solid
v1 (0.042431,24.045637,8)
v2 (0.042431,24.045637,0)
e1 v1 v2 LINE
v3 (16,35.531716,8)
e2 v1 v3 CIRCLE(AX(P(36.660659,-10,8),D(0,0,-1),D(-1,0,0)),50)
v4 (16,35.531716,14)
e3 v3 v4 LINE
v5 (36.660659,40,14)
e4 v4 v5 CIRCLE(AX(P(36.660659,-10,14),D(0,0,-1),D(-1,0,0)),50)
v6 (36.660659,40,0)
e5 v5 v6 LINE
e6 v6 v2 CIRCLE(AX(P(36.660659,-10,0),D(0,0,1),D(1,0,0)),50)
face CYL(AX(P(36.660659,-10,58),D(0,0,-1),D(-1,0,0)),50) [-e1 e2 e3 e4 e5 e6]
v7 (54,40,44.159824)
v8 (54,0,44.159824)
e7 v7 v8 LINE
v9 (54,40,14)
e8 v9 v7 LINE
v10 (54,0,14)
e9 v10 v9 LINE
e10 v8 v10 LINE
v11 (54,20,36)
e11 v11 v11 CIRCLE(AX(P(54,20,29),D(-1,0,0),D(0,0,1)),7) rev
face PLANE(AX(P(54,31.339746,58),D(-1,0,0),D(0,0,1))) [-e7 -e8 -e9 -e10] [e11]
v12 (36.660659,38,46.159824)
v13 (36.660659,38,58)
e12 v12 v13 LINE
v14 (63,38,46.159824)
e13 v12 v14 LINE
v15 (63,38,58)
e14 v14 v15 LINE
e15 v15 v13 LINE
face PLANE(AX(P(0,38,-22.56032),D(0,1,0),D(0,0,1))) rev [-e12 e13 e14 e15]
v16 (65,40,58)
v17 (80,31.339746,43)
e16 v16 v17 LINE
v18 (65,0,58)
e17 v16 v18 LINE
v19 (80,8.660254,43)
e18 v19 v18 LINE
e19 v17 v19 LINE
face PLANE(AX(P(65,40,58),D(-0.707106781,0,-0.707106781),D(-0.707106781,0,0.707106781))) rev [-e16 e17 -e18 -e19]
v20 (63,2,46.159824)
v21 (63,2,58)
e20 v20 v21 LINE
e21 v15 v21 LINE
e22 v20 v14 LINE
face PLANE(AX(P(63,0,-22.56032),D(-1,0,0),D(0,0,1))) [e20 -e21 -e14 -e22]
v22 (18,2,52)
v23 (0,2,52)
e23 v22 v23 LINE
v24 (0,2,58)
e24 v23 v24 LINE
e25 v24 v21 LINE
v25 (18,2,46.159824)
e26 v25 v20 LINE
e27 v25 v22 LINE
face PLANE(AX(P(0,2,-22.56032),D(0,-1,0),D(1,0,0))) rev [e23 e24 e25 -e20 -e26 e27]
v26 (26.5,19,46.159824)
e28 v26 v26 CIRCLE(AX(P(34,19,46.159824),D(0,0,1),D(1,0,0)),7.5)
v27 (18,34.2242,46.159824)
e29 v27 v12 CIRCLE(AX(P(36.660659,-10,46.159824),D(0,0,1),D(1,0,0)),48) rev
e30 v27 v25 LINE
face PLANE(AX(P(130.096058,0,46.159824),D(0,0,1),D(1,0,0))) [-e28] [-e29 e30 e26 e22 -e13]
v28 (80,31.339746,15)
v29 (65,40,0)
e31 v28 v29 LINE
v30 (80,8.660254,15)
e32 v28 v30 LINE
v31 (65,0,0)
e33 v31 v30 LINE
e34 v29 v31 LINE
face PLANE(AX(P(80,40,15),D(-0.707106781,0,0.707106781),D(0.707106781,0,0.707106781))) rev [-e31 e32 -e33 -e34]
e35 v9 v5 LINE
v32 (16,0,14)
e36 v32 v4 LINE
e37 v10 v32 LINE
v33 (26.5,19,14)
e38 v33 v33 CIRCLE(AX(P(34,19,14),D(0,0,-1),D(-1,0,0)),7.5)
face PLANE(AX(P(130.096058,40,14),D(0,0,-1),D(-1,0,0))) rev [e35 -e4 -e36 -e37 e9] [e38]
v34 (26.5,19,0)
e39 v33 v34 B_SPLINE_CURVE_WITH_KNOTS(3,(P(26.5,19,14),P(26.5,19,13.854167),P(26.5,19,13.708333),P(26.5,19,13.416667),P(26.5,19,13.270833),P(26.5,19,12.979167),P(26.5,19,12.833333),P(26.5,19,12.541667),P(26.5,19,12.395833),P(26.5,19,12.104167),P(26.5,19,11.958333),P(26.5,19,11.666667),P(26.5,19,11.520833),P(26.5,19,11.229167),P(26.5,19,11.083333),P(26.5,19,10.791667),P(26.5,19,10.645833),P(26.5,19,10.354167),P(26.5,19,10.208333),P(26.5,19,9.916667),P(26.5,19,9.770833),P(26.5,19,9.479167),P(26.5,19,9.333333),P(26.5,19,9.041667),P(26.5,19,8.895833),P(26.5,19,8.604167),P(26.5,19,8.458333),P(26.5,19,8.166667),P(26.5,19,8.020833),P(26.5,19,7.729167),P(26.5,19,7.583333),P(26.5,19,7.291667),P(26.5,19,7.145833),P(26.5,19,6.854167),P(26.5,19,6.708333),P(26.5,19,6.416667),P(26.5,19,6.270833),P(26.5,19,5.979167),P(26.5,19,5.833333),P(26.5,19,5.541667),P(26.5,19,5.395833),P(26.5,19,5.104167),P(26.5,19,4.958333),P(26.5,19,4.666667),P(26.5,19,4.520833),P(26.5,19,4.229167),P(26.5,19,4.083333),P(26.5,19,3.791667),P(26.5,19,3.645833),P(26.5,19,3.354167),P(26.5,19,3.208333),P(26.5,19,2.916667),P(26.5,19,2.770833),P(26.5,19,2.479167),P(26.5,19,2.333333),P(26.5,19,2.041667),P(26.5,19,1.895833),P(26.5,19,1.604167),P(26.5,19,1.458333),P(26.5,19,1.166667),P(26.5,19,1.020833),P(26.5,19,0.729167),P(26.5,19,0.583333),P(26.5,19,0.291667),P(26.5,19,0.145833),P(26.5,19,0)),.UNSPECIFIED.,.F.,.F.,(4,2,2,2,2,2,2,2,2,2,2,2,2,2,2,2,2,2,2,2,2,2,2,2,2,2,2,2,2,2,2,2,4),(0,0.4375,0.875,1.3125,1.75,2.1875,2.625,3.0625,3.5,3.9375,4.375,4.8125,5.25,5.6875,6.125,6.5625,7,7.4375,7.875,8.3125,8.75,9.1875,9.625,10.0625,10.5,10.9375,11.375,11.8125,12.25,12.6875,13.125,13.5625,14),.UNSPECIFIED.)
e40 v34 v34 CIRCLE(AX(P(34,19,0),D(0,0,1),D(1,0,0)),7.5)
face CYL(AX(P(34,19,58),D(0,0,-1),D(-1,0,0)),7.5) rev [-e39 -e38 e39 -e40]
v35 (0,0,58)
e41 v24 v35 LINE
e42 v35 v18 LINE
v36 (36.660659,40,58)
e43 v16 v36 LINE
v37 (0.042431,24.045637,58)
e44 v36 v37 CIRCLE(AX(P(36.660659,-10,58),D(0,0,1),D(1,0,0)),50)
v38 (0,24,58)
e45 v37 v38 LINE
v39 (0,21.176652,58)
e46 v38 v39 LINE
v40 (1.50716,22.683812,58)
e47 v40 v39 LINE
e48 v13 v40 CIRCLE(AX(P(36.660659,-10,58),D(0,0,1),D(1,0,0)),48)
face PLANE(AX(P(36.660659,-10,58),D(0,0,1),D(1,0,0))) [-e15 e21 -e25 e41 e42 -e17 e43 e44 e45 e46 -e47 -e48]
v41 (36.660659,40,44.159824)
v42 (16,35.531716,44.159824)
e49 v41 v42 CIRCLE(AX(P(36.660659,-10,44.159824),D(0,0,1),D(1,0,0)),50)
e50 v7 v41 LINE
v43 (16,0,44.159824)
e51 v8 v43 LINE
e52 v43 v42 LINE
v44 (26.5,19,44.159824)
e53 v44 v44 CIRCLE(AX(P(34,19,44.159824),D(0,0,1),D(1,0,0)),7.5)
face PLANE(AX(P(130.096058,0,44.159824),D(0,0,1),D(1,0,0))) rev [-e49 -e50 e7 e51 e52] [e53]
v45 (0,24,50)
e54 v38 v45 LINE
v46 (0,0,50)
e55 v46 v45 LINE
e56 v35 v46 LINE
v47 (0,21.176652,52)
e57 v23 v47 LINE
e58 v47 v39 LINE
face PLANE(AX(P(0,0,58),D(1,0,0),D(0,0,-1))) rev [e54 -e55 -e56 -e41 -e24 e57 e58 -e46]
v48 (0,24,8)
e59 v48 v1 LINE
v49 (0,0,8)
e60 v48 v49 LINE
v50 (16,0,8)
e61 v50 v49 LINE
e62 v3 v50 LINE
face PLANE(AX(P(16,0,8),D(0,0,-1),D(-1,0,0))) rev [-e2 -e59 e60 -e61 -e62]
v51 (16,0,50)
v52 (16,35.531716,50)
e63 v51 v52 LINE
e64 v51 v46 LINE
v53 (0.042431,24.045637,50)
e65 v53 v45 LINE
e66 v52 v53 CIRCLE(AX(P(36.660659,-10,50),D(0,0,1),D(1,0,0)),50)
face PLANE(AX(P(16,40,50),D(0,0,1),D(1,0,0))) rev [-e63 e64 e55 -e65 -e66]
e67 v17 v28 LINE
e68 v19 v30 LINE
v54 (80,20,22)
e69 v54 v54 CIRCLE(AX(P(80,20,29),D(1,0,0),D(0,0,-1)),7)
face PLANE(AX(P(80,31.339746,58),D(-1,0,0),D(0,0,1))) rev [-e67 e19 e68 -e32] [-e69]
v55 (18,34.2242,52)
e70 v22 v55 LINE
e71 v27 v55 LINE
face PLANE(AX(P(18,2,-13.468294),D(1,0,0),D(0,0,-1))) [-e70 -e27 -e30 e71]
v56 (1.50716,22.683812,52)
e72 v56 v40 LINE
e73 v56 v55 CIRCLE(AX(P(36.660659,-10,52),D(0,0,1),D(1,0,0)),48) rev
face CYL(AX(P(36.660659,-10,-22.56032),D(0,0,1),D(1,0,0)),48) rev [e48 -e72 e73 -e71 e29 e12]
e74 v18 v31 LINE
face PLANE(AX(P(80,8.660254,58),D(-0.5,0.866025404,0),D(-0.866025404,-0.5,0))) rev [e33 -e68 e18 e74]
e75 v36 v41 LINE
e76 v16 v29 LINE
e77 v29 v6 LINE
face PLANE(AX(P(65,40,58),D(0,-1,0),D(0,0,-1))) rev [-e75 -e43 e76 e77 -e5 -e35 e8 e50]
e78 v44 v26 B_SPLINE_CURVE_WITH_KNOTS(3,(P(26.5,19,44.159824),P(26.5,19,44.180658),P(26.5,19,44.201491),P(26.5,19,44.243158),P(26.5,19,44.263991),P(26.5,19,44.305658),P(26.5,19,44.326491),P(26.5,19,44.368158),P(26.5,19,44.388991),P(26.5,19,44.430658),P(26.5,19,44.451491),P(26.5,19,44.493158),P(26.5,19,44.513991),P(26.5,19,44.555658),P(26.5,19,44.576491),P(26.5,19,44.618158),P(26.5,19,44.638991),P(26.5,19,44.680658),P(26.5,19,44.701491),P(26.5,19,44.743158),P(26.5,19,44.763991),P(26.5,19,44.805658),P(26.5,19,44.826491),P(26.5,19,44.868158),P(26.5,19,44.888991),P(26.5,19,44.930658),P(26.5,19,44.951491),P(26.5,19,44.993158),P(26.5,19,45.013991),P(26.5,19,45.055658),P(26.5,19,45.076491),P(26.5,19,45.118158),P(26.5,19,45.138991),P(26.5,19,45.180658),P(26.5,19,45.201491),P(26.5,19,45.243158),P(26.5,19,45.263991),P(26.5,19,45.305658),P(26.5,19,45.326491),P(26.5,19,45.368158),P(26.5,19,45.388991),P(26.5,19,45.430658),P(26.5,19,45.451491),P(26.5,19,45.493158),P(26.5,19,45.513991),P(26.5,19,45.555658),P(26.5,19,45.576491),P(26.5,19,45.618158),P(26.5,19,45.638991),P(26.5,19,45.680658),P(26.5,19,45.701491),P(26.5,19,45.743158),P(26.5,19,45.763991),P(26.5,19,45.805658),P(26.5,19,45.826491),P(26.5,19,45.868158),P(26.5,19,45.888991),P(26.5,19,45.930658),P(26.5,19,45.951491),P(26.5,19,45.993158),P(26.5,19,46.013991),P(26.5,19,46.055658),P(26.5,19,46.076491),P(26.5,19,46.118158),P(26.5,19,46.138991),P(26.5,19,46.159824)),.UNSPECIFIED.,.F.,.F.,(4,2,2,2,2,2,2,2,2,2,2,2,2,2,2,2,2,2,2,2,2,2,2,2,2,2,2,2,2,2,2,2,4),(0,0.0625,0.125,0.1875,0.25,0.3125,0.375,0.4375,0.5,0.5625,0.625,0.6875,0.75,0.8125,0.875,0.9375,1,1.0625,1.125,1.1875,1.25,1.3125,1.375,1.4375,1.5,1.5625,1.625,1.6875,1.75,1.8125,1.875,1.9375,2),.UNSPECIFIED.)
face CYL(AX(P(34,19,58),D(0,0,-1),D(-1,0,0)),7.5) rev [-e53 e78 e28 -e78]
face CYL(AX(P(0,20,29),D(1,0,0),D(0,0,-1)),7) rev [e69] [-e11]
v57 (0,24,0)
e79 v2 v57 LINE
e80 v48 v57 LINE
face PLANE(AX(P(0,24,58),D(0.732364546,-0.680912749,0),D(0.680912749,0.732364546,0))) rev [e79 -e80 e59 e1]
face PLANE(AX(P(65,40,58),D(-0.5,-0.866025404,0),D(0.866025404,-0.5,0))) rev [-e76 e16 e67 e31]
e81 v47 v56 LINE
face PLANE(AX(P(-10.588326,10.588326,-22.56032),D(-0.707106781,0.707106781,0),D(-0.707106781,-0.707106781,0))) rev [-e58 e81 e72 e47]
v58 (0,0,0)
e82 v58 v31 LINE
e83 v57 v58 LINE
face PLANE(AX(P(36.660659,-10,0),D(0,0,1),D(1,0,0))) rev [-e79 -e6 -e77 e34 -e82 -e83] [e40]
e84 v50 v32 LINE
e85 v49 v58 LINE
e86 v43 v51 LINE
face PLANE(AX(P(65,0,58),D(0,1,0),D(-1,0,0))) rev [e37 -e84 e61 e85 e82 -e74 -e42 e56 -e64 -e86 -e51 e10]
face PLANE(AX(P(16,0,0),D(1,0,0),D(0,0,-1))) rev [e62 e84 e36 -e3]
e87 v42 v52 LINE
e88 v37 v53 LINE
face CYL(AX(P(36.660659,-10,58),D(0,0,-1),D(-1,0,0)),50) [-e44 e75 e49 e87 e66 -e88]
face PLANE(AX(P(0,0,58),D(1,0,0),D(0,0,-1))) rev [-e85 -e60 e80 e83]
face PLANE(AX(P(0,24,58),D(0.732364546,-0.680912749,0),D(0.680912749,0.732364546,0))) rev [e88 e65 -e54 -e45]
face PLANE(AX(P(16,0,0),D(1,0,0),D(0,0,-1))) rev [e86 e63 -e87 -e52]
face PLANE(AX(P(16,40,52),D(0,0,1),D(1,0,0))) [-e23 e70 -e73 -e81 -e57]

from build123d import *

# Parameters (mm, degrees)
ESQUISSE1_R              = 7.5
BOSS_EXTRU_1_DEPTH       = 58
ENL_V_MAT_EXTRU_2_DEPTH  = 107.60206377
ESQUISSE5_R              = 7
ENL_V_MAT_EXTRU_3_DEPTH  = 107.60206377
ESQUISSE11_W             = 42
ESQUISSE11_H             = 40
ENL_V_MAT_EXTRU_50_DEPTH = 16
ESQUISSE12_W             = 30.159824364
ESQUISSE12_H             = 40
ENL_V_MAT_EXTRU_51_DEPTH = 38
ENL_V_START              = -6
ESQUISSE13_R             = 7.5
ENL_V_MAT_EXTRU_52_DEPTH = 6
ENL_V_START_2            = -5.840175636
ENL_V_MAT_EXTRU_53_DEPTH = 5.840175636


with BuildPart() as part:
    # Esquisse1 → Boss.-Extru.1 (new body)
    with BuildSketch(Plane.XY):
        with BuildLine():
            Line((0, 0), (0, 24))
            Line((0, 24), (0.042431239, 24.04563747))
            ThreePointArc((0.042431239, 24.04563747), (16.689202308, 35.8382039), (36.660658521, 40))
            Line((36.660658521, 40), (65, 40))
            Line((65, 40), (80, 31.339745962))
            Line((80, 31.339745962), (80, 8.660254038))
            Line((80, 8.660254038), (65, 0))
            Line((65, 0), (0, 0))
        make_face()
        with Locations(Location((34, 19, 0), (0, 0, 180))):
            Circle(ESQUISSE1_R, mode=Mode.SUBTRACT)
    extrude(amount=BOSS_EXTRU_1_DEPTH)

    # Esquisse4 → Enlèv. mat.-Extru.2 (cut, through all)
    with BuildSketch(Plane.XZ):
        Polygon((65, 58), (80, 43), (80, 58), align=None)
        Polygon((65, 0), (80, 0), (80, 15), align=None)
    extrude(amount=-ENL_V_MAT_EXTRU_2_DEPTH, mode=Mode.SUBTRACT)

    # Esquisse5 → Enlèv. mat.-Extru.3 (cut, through all)
    with BuildSketch(Plane(origin=(80, 0, 0), x_dir=(0, 0, -1), z_dir=(1, 0, 0))):
        with Locations((-29, 20)):
            Circle(ESQUISSE5_R)
    extrude(amount=-ENL_V_MAT_EXTRU_3_DEPTH, mode=Mode.SUBTRACT)

    # Esquisse11 → Enlèv. mat.-Extru.50 (cut)
    with BuildSketch(Plane.ZY):
        with Locations((29, 20)):
            Rectangle(ESQUISSE11_W, ESQUISSE11_H)
    extrude(amount=-ENL_V_MAT_EXTRU_50_DEPTH, mode=Mode.SUBTRACT)

    # Esquisse12 → Enlèv. mat.-Extru.51 (cut)
    with BuildSketch(Plane.ZY.offset(-16)):
        with Locations((29.079912182, 20)):
            Rectangle(ESQUISSE12_W, ESQUISSE12_H)
    extrude(amount=-ENL_V_MAT_EXTRU_51_DEPTH, mode=Mode.SUBTRACT)

    # Esquisse13 → Enlèv. mat.-Extru.52 (cut)
    with BuildSketch(Plane.XY.offset(58).offset(ENL_V_START)):
        with BuildLine():
            Line((0, 21.176651641), (0, 2))
            Line((0, 2), (63, 2))
            Line((63, 2), (63, 38))
            Line((63, 38), (36.660658521, 38))
            ThreePointArc((36.660658521, 38), (17.488060557, 34.004675744), (1.507160331, 22.683811971))
            Line((1.507160331, 22.683811971), (0, 21.176651641))
        make_face()
        with Locations(Location((34, 19, 0), (0, 0, 180))):
            Circle(ESQUISSE13_R, mode=Mode.SUBTRACT)
    extrude(amount=ENL_V_MAT_EXTRU_52_DEPTH, mode=Mode.SUBTRACT)

    # Esquisse14 → Enlèv. mat.-Extru.53 (cut)
    with BuildSketch(Plane.XY.offset(52).offset(ENL_V_START_2)):
        with BuildLine():
            Line((63, 38), (63, 2))
            Line((63, 2), (18, 2))
            Line((18, 2), (18, 34.224199524))
            ThreePointArc((18, 34.224199524), (27.141246175, 37.046581051), (36.660658521, 38))
            Line((36.660658521, 38), (63, 38))
        make_face()
    extrude(amount=ENL_V_MAT_EXTRU_53_DEPTH, mode=Mode.SUBTRACT)


solid = part.part
